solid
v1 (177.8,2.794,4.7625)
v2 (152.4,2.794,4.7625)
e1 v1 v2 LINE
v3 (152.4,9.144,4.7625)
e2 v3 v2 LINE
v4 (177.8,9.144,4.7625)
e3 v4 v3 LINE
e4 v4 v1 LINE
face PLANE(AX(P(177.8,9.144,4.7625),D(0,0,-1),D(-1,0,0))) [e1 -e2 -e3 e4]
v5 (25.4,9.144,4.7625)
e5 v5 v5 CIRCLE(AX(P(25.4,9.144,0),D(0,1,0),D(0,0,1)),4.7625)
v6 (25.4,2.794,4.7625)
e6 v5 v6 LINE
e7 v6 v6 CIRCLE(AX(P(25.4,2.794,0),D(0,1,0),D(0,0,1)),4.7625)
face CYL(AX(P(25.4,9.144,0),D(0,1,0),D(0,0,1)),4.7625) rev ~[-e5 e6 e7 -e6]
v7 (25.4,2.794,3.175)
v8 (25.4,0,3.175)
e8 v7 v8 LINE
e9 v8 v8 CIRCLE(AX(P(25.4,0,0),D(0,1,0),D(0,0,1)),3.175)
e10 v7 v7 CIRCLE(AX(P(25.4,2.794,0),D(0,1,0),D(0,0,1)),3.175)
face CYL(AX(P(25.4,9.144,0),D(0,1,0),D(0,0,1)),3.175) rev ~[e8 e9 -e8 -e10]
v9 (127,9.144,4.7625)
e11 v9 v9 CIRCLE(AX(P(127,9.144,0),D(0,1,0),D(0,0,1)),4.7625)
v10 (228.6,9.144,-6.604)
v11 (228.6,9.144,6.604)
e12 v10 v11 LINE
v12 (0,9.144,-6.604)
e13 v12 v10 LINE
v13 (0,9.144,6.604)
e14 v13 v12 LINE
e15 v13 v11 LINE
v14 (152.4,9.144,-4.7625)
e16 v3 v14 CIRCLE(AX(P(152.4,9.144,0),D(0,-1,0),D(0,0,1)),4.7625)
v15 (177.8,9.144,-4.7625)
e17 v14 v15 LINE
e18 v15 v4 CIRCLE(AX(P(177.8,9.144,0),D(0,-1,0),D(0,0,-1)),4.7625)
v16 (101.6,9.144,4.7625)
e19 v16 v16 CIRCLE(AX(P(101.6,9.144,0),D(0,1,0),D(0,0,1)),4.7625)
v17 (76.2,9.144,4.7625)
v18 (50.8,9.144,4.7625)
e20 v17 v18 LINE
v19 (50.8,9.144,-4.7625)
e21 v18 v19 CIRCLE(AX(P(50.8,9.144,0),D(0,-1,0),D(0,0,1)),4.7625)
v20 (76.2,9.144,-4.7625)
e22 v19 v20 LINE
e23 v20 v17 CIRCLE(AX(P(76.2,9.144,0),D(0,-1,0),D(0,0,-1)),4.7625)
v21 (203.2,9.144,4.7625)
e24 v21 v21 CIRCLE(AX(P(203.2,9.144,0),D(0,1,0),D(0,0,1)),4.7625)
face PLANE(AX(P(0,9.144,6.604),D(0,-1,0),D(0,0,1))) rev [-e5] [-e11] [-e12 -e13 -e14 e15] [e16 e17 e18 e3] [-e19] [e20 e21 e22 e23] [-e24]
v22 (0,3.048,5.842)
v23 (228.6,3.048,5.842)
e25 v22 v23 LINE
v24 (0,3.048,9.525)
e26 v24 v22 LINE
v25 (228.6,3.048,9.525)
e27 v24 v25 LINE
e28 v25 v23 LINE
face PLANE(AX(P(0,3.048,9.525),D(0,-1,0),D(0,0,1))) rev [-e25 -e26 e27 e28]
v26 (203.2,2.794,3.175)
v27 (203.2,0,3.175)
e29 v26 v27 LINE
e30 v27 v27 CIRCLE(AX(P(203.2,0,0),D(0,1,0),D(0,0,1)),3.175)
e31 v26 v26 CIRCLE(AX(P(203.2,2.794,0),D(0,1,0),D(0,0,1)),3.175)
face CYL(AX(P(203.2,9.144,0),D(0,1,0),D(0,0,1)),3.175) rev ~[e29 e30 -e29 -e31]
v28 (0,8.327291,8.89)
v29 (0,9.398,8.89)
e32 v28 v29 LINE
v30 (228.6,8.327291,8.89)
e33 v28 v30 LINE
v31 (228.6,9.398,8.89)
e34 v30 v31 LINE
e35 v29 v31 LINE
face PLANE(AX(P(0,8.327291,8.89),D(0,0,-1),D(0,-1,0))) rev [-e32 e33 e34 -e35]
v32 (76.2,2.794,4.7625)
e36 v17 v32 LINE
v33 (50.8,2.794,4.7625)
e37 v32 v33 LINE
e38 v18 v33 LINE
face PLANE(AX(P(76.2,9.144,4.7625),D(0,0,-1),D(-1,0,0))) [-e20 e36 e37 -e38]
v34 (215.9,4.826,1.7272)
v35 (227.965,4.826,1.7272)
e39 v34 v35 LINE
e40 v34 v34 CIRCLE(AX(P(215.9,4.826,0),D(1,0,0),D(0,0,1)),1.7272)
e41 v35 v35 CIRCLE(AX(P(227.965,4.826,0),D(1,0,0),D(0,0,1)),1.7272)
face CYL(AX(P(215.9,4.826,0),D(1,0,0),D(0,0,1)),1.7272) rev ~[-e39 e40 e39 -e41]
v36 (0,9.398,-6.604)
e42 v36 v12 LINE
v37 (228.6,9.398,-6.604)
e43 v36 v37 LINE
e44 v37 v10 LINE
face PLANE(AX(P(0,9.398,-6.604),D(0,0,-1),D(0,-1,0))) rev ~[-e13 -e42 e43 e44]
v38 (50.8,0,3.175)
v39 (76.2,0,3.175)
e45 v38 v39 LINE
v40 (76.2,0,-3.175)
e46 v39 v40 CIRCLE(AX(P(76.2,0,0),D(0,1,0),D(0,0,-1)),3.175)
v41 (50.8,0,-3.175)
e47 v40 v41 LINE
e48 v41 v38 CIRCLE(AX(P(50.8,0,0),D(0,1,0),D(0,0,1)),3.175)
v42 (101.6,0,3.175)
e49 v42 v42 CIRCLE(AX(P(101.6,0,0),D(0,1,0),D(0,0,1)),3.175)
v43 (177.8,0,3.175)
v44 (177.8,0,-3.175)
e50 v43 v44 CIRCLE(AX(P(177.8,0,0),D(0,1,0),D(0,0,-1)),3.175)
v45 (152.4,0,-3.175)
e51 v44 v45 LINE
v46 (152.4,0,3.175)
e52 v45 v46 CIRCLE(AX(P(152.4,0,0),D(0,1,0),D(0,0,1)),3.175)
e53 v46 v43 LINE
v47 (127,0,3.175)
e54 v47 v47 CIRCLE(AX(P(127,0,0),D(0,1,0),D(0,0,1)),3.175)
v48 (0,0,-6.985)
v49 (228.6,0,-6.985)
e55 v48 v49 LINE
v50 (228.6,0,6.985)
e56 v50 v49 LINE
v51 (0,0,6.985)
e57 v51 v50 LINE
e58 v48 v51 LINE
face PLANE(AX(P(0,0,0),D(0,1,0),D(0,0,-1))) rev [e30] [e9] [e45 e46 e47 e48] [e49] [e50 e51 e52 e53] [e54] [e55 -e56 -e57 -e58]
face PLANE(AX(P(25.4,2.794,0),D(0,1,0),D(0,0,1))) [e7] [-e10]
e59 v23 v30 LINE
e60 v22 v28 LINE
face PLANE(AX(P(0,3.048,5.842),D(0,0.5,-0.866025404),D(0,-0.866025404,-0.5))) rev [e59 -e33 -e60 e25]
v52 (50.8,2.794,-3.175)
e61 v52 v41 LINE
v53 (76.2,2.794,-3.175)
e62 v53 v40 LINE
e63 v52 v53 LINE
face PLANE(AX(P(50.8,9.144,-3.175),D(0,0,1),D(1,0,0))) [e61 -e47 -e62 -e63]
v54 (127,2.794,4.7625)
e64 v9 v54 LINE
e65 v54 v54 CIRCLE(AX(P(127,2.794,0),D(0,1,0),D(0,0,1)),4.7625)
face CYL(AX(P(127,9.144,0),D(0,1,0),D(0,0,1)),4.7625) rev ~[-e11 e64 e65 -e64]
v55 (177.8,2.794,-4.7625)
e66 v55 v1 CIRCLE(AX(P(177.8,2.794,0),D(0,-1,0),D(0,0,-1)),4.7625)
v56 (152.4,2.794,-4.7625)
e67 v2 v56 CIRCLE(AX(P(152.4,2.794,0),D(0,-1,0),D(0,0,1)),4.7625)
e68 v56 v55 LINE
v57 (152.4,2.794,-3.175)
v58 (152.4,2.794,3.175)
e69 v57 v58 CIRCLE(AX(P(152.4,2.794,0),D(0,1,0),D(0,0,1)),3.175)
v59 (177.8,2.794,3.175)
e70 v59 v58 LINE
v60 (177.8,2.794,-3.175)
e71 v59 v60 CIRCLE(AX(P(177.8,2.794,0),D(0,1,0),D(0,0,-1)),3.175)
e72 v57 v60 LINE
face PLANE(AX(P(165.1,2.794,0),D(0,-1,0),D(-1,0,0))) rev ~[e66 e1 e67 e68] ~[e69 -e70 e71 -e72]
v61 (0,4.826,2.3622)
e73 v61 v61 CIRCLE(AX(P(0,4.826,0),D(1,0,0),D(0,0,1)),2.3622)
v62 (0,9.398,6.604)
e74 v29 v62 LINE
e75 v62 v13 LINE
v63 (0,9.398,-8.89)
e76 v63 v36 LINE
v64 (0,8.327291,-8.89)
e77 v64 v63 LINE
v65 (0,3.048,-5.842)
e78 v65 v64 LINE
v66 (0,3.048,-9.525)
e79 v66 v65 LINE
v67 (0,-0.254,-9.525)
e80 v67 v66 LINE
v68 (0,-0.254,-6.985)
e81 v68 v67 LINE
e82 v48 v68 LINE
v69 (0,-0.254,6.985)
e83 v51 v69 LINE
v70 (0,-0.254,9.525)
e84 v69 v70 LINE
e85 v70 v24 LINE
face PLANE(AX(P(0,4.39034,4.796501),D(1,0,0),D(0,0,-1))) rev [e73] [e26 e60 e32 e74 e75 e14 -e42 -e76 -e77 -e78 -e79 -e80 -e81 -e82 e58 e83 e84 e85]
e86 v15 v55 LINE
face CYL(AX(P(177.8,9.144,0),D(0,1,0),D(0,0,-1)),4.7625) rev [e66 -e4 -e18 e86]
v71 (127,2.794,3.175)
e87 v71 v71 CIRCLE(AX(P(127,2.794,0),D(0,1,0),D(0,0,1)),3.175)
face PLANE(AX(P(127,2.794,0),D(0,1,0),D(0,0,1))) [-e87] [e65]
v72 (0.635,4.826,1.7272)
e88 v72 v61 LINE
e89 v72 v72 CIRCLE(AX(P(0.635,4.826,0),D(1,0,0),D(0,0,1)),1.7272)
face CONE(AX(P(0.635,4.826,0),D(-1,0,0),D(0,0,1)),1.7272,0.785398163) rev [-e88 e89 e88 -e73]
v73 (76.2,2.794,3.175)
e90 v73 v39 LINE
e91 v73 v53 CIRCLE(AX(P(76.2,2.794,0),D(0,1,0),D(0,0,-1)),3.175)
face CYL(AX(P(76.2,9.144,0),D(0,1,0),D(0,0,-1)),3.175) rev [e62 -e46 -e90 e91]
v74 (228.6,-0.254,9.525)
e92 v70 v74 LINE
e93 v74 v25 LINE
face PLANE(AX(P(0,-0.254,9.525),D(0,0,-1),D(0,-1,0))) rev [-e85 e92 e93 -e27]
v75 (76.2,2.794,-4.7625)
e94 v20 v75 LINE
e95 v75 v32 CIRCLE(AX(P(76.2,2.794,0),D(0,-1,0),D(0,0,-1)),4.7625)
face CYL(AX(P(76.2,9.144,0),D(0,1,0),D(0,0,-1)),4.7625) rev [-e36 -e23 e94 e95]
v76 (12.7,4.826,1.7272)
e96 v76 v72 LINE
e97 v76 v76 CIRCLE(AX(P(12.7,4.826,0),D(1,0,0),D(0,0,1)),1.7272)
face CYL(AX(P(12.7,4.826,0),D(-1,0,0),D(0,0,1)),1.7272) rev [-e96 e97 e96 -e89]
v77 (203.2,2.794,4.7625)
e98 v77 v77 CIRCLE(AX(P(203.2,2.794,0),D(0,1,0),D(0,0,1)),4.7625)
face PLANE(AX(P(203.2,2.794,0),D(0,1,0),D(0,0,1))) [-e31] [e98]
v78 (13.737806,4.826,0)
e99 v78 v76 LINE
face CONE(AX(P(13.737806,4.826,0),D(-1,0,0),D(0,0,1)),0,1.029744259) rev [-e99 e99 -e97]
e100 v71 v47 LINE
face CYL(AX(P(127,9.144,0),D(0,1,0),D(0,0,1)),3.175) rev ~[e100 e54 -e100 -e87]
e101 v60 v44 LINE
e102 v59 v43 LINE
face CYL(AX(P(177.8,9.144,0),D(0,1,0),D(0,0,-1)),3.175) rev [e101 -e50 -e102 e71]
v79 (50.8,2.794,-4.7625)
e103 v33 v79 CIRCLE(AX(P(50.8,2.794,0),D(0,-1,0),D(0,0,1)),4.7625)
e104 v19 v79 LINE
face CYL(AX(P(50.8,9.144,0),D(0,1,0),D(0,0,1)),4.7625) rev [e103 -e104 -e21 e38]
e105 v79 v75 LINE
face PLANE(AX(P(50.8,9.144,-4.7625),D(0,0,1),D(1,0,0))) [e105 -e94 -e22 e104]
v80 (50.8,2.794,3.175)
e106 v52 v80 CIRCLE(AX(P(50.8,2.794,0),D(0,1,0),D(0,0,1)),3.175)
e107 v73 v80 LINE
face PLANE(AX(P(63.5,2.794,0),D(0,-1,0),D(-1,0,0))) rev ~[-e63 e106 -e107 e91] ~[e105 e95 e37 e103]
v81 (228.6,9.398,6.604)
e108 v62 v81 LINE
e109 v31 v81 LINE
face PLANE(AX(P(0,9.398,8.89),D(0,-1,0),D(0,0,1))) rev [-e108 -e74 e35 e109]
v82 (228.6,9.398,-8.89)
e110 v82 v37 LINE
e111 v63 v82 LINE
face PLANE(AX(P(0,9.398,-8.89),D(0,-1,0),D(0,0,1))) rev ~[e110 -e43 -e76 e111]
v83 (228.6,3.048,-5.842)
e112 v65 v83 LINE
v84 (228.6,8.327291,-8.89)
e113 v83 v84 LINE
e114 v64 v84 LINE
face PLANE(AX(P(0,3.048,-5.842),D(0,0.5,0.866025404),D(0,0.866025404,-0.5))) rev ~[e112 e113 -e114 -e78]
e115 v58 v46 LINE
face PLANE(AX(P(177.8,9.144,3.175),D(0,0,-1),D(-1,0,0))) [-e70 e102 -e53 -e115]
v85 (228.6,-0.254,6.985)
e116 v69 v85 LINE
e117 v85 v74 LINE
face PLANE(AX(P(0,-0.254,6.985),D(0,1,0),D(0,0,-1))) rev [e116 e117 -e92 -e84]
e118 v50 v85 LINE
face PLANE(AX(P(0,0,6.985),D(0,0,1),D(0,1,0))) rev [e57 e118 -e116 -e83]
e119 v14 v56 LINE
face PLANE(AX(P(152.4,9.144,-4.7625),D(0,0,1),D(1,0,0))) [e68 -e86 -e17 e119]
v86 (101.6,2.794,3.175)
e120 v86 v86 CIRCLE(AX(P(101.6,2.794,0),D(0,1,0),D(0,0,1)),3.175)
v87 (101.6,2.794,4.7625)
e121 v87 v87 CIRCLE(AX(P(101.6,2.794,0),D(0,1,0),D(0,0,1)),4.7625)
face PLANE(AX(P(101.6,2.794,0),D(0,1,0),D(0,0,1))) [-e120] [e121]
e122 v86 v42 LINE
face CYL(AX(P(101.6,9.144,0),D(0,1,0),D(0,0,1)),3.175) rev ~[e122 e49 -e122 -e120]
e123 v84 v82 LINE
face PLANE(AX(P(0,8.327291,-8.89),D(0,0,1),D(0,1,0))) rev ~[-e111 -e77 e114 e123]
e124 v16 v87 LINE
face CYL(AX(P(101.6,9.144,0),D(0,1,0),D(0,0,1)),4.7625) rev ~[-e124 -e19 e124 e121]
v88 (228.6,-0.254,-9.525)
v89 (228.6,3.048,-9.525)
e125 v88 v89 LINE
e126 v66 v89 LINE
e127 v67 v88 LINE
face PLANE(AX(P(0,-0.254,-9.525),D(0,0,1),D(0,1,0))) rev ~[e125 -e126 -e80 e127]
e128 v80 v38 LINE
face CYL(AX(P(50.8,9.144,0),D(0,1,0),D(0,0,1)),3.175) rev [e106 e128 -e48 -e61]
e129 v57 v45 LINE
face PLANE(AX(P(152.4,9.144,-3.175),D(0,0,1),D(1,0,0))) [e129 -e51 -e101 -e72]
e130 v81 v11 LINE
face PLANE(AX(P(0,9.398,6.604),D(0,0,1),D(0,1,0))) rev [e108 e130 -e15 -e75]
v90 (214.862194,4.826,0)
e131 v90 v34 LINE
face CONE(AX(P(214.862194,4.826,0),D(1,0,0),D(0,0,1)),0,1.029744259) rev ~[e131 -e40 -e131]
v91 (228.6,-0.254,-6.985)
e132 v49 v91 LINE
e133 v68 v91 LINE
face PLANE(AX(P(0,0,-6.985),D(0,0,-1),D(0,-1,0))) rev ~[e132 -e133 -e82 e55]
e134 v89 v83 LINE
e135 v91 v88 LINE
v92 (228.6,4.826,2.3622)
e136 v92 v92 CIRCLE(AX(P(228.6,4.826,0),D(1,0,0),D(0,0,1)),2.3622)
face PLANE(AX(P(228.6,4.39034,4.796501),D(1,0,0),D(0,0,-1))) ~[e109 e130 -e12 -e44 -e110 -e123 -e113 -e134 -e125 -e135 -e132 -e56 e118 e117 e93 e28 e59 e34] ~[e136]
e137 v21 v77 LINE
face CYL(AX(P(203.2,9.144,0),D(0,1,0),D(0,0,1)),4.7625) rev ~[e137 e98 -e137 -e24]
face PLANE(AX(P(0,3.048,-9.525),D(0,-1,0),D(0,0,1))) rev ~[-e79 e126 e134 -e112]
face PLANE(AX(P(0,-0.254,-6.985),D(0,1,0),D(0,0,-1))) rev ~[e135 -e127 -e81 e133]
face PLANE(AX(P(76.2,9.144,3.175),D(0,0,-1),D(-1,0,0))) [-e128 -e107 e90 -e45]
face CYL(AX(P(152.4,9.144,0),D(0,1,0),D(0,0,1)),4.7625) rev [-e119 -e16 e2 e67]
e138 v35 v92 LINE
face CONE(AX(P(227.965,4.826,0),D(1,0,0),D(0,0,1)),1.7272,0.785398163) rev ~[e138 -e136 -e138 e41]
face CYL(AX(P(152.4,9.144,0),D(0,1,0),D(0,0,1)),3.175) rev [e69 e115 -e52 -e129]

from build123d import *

# Parameters (mm, degrees)
BOSS_EXTRUDE1_DEPTH = 228.6
SKETCH5_R           = 3.175
CUT_EXTRUDE1_DEPTH  = 229.99128374
SKETCH5_4_R         = 4.7625
CUT_EXTRUDE2_DEPTH  = 6.35


with BuildPart() as part:
    # Sketch1 → Boss-Extrude1 (new body)
    with BuildSketch(Plane(origin=(0, 0, 0), x_dir=(0, 0, -1), z_dir=(1, 0, 0))):
        Polygon((9.525, -0.254), (9.525, 3.048), (5.842, 3.048), (8.89, 8.327290861), (8.89, 9.398), (6.604, 9.398), (6.604, 9.144), (0, 9.144), (0, 0), (6.985, 0), (6.985, -0.254), align=None)
    boss_extrude1 = extrude(amount=BOSS_EXTRUDE1_DEPTH)

    # Mirror1: Boss-Extrude1 across plane
    add(boss_extrude1.mirror(Plane.XY))

    # Sketch4 → Tap Drill for #8-32 Tap2 (revolve, cut)
    with BuildSketch(Plane.ZX.offset(4.826)):
        Polygon((0, 0), (0, 13.737806461), (1.7272, 12.7), (1.7272, 0.635), (2.3622, 0), align=None)
    tap_drill_for_8_32_tap2 = revolve(axis=Axis((-6.35, 4.826, 0), (1, 0, 0)), mode=Mode.SUBTRACT)

    # Mirror2: Tap Drill for #8-32 Tap2 across plane
    add(tap_drill_for_8_32_tap2.mirror(Plane.ZY.offset(-114.3)), mode=Mode.SUBTRACT)

    # Sketch5 → Cut-Extrude1 (cut, through all)
    with BuildSketch(Plane(origin=(0, 9.144, 0), x_dir=(1, 0, 0), z_dir=(0, 1, 0))):
        with Locations((25.4, 0)):
            Circle(SKETCH5_R)
        with Locations((101.6, 0)):
            Circle(SKETCH5_R)
        with Locations((127, 0)):
            Circle(SKETCH5_R)
        with Locations((203.2, 0)):
            Circle(SKETCH5_R)
        with BuildLine():
            Line((50.8, 3.175), (76.2, 3.175))
            ThreePointArc((76.2, 3.175), (79.375, 0), (76.2, -3.175))
            Line((76.2, -3.175), (50.8, -3.175))
            ThreePointArc((50.8, -3.175), (47.625, 0), (50.8, 3.175))
        make_face()
        with BuildLine():
            Line((152.4, 3.175), (177.8, 3.175))
            ThreePointArc((177.8, 3.175), (180.975, 0), (177.8, -3.175))
            Line((177.8, -3.175), (152.4, -3.175))
            ThreePointArc((152.4, -3.175), (149.225, 0), (152.4, 3.175))
        make_face()
    extrude(amount=-CUT_EXTRUDE1_DEPTH, mode=Mode.SUBTRACT)

    # Sketch5<4> → Cut-Extrude2 (cut)
    with BuildSketch(Plane(origin=(0, 9.144, 0), x_dir=(1, 0, 0), z_dir=(0, 1, 0))):
        with Locations((25.4, 0)):
            Circle(SKETCH5_4_R)
        with Locations((101.6, 0)):
            Circle(SKETCH5_4_R)
        with Locations((127, 0)):
            Circle(SKETCH5_4_R)
        with Locations((203.2, 0)):
            Circle(SKETCH5_4_R)
        with BuildLine():
            Line((50.8, 4.7625), (76.2, 4.7625))
            ThreePointArc((76.2, 4.7625), (80.9625, 0), (76.2, -4.7625))
            Line((76.2, -4.7625), (50.8, -4.7625))
            ThreePointArc((50.8, -4.7625), (46.0375, 0), (50.8, 4.7625))
        make_face()
        with BuildLine():
            Line((152.4, 4.7625), (177.8, 4.7625))
            ThreePointArc((177.8, 4.7625), (182.5625, 0), (177.8, -4.7625))
            Line((177.8, -4.7625), (152.4, -4.7625))
            ThreePointArc((152.4, -4.7625), (147.6375, 0), (152.4, 4.7625))
        make_face()
    extrude(amount=-CUT_EXTRUDE2_DEPTH, mode=Mode.SUBTRACT)


solid = part.part
